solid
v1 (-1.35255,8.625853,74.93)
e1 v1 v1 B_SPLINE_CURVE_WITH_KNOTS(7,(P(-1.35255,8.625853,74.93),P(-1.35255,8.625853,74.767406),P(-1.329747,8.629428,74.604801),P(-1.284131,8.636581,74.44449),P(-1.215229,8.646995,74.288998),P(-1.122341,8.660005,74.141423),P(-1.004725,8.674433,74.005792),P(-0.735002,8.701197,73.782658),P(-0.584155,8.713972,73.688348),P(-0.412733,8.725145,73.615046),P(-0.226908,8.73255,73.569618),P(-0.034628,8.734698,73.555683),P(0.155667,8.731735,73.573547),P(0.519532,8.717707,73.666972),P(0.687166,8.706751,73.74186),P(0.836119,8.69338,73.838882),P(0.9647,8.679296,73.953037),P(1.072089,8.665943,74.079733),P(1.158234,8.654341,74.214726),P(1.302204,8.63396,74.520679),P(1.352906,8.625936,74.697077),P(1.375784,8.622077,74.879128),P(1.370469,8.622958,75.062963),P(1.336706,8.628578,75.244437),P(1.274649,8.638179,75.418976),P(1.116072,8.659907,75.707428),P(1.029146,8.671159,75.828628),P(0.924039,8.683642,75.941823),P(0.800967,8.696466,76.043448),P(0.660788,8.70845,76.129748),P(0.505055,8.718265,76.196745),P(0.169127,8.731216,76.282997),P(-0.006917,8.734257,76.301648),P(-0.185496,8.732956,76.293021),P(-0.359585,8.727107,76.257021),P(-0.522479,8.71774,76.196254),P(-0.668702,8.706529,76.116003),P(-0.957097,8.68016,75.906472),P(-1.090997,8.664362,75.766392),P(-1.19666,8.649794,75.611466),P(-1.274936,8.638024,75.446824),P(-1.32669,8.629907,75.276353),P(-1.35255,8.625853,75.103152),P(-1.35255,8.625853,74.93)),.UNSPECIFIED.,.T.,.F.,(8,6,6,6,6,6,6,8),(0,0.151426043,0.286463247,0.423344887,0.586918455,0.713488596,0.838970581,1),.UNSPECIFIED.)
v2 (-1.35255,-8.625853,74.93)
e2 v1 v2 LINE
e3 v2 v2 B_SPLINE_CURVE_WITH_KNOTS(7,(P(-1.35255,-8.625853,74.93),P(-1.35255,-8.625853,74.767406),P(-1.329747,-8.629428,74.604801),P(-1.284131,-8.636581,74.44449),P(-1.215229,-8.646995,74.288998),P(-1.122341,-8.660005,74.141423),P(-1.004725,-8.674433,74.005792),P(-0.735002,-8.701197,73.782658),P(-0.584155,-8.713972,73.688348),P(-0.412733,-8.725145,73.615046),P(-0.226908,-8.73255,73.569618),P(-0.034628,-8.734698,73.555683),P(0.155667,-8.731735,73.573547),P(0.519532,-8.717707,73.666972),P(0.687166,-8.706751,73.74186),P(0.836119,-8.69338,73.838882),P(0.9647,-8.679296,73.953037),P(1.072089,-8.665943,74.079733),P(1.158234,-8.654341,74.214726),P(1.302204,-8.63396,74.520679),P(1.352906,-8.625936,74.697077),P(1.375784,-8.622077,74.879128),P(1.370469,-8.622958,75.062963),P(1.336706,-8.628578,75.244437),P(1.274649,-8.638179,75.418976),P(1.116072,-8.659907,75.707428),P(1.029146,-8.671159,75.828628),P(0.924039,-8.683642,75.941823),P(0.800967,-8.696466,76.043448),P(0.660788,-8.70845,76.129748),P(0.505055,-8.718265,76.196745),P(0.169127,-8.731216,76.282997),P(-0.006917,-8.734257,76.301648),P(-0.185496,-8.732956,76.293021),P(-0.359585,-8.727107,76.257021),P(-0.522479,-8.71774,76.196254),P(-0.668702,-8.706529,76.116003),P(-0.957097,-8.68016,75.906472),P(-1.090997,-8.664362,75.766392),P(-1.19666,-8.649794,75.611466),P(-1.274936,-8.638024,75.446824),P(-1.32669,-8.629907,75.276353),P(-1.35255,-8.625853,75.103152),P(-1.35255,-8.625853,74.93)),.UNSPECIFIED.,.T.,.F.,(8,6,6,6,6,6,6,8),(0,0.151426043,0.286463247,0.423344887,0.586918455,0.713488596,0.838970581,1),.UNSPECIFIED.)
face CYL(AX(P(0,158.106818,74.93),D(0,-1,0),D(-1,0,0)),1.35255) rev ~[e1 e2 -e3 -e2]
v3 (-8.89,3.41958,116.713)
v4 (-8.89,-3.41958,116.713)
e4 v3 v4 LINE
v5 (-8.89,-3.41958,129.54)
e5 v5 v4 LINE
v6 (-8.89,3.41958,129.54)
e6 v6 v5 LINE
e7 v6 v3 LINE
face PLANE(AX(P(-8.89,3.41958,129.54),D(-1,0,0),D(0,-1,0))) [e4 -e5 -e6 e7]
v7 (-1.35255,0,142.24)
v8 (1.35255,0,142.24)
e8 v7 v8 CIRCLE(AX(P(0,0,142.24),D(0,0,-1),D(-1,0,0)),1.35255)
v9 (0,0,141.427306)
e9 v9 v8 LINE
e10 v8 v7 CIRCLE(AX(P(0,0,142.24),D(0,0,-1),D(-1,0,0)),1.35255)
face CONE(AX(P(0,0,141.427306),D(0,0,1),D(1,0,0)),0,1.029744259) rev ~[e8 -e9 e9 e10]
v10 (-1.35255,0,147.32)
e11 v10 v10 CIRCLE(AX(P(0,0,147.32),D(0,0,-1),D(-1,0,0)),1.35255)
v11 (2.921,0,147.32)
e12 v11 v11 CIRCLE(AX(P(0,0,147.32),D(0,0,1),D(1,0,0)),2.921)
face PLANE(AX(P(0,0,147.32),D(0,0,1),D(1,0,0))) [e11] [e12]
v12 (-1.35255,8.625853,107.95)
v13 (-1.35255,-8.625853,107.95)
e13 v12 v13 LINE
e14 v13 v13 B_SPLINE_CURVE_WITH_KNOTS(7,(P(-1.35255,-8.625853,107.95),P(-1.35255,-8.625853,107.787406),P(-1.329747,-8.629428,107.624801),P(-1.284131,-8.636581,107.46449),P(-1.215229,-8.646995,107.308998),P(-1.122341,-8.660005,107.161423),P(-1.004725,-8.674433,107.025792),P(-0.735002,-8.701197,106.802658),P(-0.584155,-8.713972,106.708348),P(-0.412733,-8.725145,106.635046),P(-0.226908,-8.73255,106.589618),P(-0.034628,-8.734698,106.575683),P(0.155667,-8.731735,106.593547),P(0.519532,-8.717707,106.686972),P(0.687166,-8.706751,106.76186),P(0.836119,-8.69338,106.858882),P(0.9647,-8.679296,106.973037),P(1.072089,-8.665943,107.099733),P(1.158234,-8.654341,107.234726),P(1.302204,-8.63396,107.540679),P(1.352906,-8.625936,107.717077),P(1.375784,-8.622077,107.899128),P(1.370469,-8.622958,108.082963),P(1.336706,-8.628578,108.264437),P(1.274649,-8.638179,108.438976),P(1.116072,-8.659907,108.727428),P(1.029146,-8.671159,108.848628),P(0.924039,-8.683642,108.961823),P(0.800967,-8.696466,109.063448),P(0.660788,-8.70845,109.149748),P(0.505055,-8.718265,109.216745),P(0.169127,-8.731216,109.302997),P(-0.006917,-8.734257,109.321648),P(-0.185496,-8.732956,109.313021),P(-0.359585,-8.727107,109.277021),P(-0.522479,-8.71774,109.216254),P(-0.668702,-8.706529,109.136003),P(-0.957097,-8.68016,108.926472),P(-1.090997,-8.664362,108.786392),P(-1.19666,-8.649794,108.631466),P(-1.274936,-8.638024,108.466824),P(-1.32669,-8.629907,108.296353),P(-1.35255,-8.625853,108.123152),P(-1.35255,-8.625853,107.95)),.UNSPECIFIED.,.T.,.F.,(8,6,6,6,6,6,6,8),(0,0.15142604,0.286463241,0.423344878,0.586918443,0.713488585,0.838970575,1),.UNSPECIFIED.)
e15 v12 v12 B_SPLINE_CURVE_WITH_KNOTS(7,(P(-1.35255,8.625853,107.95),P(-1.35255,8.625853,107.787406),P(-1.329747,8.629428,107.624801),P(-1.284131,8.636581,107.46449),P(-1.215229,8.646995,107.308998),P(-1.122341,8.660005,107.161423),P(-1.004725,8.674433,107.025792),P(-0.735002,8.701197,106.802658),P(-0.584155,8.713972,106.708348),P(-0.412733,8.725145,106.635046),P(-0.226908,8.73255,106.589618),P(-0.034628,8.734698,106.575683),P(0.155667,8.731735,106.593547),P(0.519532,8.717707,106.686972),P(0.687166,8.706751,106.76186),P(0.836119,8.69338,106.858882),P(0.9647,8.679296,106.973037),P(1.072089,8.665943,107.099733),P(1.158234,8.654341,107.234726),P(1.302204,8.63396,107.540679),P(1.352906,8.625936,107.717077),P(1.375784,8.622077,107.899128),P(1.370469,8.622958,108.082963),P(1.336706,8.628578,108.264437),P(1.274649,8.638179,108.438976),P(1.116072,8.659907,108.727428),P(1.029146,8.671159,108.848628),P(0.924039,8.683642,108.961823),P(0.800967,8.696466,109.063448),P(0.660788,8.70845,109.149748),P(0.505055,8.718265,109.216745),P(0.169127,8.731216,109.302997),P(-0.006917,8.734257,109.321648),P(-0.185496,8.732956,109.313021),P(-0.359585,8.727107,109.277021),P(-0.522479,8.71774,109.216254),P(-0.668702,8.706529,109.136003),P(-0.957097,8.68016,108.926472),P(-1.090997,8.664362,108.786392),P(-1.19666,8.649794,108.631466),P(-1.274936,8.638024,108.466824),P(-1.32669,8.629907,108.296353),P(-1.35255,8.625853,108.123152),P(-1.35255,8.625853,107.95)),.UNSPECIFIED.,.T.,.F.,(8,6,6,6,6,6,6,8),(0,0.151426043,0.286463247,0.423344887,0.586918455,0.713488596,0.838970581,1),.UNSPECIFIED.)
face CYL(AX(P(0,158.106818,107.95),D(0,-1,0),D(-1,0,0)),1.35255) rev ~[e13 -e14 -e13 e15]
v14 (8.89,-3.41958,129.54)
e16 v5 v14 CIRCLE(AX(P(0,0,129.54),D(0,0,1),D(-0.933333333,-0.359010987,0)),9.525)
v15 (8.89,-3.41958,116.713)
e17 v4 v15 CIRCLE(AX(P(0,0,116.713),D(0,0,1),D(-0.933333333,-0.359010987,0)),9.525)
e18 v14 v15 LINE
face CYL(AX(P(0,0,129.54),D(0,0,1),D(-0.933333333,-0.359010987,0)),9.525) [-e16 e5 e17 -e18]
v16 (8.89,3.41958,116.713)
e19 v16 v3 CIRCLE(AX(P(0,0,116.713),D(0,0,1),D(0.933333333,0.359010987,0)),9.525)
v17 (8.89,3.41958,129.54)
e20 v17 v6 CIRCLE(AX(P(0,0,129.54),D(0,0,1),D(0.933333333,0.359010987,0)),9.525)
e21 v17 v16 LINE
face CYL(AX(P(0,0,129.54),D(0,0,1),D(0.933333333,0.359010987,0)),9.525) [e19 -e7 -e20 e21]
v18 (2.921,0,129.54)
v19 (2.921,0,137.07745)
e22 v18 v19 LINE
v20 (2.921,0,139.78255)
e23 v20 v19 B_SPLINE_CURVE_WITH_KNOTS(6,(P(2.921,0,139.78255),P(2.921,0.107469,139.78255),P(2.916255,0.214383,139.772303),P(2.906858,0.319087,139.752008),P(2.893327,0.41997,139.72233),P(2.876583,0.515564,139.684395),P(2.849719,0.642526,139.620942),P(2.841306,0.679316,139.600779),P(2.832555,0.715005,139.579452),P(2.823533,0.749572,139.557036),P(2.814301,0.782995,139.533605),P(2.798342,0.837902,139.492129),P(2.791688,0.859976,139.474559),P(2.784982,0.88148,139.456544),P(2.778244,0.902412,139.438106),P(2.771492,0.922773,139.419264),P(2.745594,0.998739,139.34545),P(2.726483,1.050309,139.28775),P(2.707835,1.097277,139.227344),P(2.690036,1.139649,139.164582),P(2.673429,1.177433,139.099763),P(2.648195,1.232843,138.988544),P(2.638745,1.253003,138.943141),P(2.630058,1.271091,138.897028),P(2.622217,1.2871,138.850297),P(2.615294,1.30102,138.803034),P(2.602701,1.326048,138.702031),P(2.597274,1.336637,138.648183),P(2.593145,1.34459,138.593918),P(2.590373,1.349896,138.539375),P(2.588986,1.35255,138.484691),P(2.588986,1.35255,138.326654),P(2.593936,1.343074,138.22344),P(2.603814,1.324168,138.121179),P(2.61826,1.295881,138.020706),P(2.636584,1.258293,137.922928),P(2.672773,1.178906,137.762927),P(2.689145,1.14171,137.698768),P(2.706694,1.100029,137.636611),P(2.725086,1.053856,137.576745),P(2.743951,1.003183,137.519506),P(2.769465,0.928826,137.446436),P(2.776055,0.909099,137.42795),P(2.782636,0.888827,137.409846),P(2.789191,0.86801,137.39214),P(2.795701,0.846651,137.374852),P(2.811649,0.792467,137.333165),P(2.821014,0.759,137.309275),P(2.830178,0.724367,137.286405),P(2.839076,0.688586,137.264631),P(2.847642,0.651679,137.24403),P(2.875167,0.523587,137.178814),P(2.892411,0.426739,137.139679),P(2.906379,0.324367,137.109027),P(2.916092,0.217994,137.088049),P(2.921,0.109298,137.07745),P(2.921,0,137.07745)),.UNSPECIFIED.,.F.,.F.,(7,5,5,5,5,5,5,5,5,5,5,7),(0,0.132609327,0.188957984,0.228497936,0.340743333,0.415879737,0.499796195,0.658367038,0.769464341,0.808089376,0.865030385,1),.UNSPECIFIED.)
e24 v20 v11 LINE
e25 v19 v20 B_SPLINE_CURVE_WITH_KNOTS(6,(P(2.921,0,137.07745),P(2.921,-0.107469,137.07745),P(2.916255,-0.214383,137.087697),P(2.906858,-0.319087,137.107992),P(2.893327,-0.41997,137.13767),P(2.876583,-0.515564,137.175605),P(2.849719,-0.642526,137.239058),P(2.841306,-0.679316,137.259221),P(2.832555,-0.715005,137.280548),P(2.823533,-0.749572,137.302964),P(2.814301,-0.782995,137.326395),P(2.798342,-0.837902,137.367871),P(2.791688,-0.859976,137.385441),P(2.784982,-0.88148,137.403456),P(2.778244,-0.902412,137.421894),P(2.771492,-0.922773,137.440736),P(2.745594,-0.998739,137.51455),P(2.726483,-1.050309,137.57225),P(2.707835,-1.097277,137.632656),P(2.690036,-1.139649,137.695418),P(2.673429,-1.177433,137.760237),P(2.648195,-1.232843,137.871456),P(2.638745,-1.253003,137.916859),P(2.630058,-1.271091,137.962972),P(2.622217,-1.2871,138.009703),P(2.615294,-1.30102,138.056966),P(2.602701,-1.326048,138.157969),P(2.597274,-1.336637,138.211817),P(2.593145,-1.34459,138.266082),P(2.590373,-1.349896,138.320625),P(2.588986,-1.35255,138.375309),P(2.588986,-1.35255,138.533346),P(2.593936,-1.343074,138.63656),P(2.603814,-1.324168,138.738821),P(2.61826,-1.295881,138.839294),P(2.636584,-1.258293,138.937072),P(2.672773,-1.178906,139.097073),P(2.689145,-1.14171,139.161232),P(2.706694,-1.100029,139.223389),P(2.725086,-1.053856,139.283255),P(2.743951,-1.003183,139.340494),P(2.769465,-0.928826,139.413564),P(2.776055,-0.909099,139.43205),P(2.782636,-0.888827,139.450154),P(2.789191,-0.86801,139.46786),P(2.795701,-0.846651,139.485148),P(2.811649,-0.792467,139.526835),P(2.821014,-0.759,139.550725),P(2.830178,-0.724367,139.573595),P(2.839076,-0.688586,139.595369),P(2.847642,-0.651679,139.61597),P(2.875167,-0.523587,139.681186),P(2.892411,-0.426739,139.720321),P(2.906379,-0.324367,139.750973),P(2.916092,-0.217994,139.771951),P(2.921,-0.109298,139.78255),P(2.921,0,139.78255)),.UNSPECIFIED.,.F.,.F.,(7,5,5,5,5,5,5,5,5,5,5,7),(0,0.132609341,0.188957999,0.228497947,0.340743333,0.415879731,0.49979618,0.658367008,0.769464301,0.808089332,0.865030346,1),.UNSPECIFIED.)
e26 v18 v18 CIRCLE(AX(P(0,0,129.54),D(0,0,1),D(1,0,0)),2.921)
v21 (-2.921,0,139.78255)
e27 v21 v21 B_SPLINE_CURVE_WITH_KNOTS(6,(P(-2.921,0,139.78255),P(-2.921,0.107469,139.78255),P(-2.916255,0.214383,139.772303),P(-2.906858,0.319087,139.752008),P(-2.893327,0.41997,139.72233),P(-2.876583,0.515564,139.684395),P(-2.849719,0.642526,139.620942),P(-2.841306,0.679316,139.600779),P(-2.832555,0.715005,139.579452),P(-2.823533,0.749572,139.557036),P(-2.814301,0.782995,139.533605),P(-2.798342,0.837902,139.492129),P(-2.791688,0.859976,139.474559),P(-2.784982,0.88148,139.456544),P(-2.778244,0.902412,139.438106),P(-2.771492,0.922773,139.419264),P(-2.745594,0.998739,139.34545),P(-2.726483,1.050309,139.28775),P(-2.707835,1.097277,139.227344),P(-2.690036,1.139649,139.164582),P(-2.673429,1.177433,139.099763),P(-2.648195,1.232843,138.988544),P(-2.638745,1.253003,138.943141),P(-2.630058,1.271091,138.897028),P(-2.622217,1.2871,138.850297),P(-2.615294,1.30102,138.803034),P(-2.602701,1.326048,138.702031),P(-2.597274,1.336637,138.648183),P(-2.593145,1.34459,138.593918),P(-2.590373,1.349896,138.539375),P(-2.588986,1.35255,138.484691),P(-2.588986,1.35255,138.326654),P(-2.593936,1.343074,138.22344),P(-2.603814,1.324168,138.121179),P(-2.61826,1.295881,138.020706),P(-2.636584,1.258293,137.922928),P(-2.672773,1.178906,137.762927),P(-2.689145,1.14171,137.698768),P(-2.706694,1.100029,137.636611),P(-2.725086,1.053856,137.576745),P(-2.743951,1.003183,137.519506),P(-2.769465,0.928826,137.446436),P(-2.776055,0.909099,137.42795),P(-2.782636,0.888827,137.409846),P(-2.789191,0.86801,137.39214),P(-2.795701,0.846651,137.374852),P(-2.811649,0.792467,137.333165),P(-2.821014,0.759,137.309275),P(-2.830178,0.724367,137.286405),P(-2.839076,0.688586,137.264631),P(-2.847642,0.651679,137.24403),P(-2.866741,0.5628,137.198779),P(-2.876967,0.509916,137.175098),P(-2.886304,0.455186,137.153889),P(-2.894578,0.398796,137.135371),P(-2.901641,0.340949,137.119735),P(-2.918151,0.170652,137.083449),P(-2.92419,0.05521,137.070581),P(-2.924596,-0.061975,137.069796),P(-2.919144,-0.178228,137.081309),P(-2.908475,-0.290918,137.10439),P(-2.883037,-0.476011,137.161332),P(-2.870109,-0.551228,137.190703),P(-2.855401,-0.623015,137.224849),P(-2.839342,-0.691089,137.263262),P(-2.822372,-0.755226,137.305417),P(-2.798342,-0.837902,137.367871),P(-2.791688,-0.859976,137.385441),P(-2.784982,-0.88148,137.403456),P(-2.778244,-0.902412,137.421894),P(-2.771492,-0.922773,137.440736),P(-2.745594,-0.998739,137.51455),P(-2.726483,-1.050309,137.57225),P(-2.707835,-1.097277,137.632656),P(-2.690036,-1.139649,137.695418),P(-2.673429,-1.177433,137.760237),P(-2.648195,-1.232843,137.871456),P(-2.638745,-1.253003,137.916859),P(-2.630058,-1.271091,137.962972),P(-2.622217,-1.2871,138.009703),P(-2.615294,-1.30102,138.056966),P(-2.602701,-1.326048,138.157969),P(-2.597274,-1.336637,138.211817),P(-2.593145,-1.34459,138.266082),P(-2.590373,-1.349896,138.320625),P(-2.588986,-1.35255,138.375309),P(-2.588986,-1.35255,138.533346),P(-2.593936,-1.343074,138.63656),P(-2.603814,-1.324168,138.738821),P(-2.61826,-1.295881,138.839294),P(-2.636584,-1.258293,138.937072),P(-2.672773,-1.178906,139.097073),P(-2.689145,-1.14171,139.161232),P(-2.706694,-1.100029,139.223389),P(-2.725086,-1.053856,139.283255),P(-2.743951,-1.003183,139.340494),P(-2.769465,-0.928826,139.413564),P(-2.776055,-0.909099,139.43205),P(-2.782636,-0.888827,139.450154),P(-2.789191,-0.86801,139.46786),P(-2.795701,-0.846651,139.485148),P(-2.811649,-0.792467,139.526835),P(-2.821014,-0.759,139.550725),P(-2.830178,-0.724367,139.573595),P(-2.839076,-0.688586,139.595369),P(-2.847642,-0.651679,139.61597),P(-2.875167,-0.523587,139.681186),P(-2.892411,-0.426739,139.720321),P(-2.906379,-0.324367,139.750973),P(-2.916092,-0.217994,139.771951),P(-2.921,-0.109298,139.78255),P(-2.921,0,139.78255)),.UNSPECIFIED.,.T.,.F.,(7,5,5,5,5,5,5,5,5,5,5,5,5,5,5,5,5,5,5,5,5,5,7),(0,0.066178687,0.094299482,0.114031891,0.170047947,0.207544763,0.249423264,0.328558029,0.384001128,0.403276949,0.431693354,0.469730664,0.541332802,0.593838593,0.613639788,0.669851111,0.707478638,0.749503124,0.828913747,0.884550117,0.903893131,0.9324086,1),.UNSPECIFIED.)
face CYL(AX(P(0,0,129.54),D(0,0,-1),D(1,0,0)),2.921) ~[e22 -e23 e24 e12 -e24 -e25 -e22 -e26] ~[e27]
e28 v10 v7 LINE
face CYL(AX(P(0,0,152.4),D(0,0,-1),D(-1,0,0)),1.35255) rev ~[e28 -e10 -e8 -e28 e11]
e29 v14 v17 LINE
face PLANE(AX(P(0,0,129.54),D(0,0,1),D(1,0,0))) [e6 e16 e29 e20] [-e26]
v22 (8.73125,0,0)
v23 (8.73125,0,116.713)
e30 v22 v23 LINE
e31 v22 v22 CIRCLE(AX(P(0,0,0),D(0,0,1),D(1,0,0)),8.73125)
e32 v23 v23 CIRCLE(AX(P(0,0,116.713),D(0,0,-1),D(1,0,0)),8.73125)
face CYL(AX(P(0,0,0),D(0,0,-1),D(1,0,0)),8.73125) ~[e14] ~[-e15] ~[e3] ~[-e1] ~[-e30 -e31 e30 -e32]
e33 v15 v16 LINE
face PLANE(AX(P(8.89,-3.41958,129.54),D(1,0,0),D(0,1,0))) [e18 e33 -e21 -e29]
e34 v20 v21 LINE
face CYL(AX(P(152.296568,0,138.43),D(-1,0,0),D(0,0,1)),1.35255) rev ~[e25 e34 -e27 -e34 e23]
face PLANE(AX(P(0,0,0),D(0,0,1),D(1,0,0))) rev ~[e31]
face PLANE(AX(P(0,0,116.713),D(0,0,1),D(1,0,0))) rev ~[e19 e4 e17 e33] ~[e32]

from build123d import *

# Parameters (mm, degrees)
SKETCH1_R                 = 8.73125
BOSS_EXTRUDE1_DEPTH       = 129.54
SKETCH2_R                 = 2.921
BOSS_EXTRUDE2_DEPTH       = 17.78
F_6_32_TAPPED_HOLE1_D     = 2.7051
F_6_32_TAPPED_HOLE2_D     = 2.7051
BOSS_EXTRUDE3_DEPTH       = 12.827
F_6_32_TAPPED_HOLE3_D     = 2.7051
F_6_32_TAPPED_HOLE3_DEPTH = 5.08
F_6_32_TAPPED_HOLE3_TIP   = 0.81269403


with BuildPart() as part:
    # Sketch1 → Boss-Extrude1 (new body)
    with BuildSketch(Plane.XY):
        Circle(SKETCH1_R)
    extrude(amount=BOSS_EXTRUDE1_DEPTH)

    # Sketch2 → Boss-Extrude2 (add)
    with BuildSketch(Plane.XY.offset(129.54)):
        Circle(SKETCH2_R)
    extrude(amount=BOSS_EXTRUDE2_DEPTH)

    # #6-32 Tapped Hole1 (through all)
    with Locations(Plane(origin=(0, 8.73125, 0), x_dir=(1, 0, 0), z_dir=(0, 1, 0))):
        with Locations((0, -74.93), (0, -107.95)):
            Hole(F_6_32_TAPPED_HOLE1_D / 2)

    # #6-32 Tapped Hole2 (through all)
    with Locations(Plane(origin=(2.921, 0, 0), x_dir=(0, 0, -1), z_dir=(1, 0, 0))):
        with Locations((-138.43, 0)):
            Hole(F_6_32_TAPPED_HOLE2_D / 2)

    # Sketch10 → Boss-Extrude3 (add)
    with BuildSketch(Plane.XY.offset(129.54)):
        with BuildLine():
            Line((8.89, -3.419579653), (8.89, 3.419579653))
            ThreePointArc((8.89, 3.419579653), (0, 9.525), (-8.89, 3.419579653))
            Line((-8.89, 3.419579653), (-8.89, -3.419579653))
            ThreePointArc((-8.89, -3.419579653), (0, -9.525), (8.89, -3.419579653))
        make_face()
    extrude(amount=-BOSS_EXTRUDE3_DEPTH)

    # #6-32 Tapped Hole3
    with Locations(Plane.XY.offset(147.32)):
        with Locations((0, 0)):
            Hole(F_6_32_TAPPED_HOLE3_D / 2, depth=F_6_32_TAPPED_HOLE3_DEPTH)
            with Locations((0, 0, -(F_6_32_TAPPED_HOLE3_DEPTH + F_6_32_TAPPED_HOLE3_TIP / 2))):  # 118° drill point
                Cone(0, F_6_32_TAPPED_HOLE3_D / 2, F_6_32_TAPPED_HOLE3_TIP, mode=Mode.SUBTRACT)


solid = part.part
